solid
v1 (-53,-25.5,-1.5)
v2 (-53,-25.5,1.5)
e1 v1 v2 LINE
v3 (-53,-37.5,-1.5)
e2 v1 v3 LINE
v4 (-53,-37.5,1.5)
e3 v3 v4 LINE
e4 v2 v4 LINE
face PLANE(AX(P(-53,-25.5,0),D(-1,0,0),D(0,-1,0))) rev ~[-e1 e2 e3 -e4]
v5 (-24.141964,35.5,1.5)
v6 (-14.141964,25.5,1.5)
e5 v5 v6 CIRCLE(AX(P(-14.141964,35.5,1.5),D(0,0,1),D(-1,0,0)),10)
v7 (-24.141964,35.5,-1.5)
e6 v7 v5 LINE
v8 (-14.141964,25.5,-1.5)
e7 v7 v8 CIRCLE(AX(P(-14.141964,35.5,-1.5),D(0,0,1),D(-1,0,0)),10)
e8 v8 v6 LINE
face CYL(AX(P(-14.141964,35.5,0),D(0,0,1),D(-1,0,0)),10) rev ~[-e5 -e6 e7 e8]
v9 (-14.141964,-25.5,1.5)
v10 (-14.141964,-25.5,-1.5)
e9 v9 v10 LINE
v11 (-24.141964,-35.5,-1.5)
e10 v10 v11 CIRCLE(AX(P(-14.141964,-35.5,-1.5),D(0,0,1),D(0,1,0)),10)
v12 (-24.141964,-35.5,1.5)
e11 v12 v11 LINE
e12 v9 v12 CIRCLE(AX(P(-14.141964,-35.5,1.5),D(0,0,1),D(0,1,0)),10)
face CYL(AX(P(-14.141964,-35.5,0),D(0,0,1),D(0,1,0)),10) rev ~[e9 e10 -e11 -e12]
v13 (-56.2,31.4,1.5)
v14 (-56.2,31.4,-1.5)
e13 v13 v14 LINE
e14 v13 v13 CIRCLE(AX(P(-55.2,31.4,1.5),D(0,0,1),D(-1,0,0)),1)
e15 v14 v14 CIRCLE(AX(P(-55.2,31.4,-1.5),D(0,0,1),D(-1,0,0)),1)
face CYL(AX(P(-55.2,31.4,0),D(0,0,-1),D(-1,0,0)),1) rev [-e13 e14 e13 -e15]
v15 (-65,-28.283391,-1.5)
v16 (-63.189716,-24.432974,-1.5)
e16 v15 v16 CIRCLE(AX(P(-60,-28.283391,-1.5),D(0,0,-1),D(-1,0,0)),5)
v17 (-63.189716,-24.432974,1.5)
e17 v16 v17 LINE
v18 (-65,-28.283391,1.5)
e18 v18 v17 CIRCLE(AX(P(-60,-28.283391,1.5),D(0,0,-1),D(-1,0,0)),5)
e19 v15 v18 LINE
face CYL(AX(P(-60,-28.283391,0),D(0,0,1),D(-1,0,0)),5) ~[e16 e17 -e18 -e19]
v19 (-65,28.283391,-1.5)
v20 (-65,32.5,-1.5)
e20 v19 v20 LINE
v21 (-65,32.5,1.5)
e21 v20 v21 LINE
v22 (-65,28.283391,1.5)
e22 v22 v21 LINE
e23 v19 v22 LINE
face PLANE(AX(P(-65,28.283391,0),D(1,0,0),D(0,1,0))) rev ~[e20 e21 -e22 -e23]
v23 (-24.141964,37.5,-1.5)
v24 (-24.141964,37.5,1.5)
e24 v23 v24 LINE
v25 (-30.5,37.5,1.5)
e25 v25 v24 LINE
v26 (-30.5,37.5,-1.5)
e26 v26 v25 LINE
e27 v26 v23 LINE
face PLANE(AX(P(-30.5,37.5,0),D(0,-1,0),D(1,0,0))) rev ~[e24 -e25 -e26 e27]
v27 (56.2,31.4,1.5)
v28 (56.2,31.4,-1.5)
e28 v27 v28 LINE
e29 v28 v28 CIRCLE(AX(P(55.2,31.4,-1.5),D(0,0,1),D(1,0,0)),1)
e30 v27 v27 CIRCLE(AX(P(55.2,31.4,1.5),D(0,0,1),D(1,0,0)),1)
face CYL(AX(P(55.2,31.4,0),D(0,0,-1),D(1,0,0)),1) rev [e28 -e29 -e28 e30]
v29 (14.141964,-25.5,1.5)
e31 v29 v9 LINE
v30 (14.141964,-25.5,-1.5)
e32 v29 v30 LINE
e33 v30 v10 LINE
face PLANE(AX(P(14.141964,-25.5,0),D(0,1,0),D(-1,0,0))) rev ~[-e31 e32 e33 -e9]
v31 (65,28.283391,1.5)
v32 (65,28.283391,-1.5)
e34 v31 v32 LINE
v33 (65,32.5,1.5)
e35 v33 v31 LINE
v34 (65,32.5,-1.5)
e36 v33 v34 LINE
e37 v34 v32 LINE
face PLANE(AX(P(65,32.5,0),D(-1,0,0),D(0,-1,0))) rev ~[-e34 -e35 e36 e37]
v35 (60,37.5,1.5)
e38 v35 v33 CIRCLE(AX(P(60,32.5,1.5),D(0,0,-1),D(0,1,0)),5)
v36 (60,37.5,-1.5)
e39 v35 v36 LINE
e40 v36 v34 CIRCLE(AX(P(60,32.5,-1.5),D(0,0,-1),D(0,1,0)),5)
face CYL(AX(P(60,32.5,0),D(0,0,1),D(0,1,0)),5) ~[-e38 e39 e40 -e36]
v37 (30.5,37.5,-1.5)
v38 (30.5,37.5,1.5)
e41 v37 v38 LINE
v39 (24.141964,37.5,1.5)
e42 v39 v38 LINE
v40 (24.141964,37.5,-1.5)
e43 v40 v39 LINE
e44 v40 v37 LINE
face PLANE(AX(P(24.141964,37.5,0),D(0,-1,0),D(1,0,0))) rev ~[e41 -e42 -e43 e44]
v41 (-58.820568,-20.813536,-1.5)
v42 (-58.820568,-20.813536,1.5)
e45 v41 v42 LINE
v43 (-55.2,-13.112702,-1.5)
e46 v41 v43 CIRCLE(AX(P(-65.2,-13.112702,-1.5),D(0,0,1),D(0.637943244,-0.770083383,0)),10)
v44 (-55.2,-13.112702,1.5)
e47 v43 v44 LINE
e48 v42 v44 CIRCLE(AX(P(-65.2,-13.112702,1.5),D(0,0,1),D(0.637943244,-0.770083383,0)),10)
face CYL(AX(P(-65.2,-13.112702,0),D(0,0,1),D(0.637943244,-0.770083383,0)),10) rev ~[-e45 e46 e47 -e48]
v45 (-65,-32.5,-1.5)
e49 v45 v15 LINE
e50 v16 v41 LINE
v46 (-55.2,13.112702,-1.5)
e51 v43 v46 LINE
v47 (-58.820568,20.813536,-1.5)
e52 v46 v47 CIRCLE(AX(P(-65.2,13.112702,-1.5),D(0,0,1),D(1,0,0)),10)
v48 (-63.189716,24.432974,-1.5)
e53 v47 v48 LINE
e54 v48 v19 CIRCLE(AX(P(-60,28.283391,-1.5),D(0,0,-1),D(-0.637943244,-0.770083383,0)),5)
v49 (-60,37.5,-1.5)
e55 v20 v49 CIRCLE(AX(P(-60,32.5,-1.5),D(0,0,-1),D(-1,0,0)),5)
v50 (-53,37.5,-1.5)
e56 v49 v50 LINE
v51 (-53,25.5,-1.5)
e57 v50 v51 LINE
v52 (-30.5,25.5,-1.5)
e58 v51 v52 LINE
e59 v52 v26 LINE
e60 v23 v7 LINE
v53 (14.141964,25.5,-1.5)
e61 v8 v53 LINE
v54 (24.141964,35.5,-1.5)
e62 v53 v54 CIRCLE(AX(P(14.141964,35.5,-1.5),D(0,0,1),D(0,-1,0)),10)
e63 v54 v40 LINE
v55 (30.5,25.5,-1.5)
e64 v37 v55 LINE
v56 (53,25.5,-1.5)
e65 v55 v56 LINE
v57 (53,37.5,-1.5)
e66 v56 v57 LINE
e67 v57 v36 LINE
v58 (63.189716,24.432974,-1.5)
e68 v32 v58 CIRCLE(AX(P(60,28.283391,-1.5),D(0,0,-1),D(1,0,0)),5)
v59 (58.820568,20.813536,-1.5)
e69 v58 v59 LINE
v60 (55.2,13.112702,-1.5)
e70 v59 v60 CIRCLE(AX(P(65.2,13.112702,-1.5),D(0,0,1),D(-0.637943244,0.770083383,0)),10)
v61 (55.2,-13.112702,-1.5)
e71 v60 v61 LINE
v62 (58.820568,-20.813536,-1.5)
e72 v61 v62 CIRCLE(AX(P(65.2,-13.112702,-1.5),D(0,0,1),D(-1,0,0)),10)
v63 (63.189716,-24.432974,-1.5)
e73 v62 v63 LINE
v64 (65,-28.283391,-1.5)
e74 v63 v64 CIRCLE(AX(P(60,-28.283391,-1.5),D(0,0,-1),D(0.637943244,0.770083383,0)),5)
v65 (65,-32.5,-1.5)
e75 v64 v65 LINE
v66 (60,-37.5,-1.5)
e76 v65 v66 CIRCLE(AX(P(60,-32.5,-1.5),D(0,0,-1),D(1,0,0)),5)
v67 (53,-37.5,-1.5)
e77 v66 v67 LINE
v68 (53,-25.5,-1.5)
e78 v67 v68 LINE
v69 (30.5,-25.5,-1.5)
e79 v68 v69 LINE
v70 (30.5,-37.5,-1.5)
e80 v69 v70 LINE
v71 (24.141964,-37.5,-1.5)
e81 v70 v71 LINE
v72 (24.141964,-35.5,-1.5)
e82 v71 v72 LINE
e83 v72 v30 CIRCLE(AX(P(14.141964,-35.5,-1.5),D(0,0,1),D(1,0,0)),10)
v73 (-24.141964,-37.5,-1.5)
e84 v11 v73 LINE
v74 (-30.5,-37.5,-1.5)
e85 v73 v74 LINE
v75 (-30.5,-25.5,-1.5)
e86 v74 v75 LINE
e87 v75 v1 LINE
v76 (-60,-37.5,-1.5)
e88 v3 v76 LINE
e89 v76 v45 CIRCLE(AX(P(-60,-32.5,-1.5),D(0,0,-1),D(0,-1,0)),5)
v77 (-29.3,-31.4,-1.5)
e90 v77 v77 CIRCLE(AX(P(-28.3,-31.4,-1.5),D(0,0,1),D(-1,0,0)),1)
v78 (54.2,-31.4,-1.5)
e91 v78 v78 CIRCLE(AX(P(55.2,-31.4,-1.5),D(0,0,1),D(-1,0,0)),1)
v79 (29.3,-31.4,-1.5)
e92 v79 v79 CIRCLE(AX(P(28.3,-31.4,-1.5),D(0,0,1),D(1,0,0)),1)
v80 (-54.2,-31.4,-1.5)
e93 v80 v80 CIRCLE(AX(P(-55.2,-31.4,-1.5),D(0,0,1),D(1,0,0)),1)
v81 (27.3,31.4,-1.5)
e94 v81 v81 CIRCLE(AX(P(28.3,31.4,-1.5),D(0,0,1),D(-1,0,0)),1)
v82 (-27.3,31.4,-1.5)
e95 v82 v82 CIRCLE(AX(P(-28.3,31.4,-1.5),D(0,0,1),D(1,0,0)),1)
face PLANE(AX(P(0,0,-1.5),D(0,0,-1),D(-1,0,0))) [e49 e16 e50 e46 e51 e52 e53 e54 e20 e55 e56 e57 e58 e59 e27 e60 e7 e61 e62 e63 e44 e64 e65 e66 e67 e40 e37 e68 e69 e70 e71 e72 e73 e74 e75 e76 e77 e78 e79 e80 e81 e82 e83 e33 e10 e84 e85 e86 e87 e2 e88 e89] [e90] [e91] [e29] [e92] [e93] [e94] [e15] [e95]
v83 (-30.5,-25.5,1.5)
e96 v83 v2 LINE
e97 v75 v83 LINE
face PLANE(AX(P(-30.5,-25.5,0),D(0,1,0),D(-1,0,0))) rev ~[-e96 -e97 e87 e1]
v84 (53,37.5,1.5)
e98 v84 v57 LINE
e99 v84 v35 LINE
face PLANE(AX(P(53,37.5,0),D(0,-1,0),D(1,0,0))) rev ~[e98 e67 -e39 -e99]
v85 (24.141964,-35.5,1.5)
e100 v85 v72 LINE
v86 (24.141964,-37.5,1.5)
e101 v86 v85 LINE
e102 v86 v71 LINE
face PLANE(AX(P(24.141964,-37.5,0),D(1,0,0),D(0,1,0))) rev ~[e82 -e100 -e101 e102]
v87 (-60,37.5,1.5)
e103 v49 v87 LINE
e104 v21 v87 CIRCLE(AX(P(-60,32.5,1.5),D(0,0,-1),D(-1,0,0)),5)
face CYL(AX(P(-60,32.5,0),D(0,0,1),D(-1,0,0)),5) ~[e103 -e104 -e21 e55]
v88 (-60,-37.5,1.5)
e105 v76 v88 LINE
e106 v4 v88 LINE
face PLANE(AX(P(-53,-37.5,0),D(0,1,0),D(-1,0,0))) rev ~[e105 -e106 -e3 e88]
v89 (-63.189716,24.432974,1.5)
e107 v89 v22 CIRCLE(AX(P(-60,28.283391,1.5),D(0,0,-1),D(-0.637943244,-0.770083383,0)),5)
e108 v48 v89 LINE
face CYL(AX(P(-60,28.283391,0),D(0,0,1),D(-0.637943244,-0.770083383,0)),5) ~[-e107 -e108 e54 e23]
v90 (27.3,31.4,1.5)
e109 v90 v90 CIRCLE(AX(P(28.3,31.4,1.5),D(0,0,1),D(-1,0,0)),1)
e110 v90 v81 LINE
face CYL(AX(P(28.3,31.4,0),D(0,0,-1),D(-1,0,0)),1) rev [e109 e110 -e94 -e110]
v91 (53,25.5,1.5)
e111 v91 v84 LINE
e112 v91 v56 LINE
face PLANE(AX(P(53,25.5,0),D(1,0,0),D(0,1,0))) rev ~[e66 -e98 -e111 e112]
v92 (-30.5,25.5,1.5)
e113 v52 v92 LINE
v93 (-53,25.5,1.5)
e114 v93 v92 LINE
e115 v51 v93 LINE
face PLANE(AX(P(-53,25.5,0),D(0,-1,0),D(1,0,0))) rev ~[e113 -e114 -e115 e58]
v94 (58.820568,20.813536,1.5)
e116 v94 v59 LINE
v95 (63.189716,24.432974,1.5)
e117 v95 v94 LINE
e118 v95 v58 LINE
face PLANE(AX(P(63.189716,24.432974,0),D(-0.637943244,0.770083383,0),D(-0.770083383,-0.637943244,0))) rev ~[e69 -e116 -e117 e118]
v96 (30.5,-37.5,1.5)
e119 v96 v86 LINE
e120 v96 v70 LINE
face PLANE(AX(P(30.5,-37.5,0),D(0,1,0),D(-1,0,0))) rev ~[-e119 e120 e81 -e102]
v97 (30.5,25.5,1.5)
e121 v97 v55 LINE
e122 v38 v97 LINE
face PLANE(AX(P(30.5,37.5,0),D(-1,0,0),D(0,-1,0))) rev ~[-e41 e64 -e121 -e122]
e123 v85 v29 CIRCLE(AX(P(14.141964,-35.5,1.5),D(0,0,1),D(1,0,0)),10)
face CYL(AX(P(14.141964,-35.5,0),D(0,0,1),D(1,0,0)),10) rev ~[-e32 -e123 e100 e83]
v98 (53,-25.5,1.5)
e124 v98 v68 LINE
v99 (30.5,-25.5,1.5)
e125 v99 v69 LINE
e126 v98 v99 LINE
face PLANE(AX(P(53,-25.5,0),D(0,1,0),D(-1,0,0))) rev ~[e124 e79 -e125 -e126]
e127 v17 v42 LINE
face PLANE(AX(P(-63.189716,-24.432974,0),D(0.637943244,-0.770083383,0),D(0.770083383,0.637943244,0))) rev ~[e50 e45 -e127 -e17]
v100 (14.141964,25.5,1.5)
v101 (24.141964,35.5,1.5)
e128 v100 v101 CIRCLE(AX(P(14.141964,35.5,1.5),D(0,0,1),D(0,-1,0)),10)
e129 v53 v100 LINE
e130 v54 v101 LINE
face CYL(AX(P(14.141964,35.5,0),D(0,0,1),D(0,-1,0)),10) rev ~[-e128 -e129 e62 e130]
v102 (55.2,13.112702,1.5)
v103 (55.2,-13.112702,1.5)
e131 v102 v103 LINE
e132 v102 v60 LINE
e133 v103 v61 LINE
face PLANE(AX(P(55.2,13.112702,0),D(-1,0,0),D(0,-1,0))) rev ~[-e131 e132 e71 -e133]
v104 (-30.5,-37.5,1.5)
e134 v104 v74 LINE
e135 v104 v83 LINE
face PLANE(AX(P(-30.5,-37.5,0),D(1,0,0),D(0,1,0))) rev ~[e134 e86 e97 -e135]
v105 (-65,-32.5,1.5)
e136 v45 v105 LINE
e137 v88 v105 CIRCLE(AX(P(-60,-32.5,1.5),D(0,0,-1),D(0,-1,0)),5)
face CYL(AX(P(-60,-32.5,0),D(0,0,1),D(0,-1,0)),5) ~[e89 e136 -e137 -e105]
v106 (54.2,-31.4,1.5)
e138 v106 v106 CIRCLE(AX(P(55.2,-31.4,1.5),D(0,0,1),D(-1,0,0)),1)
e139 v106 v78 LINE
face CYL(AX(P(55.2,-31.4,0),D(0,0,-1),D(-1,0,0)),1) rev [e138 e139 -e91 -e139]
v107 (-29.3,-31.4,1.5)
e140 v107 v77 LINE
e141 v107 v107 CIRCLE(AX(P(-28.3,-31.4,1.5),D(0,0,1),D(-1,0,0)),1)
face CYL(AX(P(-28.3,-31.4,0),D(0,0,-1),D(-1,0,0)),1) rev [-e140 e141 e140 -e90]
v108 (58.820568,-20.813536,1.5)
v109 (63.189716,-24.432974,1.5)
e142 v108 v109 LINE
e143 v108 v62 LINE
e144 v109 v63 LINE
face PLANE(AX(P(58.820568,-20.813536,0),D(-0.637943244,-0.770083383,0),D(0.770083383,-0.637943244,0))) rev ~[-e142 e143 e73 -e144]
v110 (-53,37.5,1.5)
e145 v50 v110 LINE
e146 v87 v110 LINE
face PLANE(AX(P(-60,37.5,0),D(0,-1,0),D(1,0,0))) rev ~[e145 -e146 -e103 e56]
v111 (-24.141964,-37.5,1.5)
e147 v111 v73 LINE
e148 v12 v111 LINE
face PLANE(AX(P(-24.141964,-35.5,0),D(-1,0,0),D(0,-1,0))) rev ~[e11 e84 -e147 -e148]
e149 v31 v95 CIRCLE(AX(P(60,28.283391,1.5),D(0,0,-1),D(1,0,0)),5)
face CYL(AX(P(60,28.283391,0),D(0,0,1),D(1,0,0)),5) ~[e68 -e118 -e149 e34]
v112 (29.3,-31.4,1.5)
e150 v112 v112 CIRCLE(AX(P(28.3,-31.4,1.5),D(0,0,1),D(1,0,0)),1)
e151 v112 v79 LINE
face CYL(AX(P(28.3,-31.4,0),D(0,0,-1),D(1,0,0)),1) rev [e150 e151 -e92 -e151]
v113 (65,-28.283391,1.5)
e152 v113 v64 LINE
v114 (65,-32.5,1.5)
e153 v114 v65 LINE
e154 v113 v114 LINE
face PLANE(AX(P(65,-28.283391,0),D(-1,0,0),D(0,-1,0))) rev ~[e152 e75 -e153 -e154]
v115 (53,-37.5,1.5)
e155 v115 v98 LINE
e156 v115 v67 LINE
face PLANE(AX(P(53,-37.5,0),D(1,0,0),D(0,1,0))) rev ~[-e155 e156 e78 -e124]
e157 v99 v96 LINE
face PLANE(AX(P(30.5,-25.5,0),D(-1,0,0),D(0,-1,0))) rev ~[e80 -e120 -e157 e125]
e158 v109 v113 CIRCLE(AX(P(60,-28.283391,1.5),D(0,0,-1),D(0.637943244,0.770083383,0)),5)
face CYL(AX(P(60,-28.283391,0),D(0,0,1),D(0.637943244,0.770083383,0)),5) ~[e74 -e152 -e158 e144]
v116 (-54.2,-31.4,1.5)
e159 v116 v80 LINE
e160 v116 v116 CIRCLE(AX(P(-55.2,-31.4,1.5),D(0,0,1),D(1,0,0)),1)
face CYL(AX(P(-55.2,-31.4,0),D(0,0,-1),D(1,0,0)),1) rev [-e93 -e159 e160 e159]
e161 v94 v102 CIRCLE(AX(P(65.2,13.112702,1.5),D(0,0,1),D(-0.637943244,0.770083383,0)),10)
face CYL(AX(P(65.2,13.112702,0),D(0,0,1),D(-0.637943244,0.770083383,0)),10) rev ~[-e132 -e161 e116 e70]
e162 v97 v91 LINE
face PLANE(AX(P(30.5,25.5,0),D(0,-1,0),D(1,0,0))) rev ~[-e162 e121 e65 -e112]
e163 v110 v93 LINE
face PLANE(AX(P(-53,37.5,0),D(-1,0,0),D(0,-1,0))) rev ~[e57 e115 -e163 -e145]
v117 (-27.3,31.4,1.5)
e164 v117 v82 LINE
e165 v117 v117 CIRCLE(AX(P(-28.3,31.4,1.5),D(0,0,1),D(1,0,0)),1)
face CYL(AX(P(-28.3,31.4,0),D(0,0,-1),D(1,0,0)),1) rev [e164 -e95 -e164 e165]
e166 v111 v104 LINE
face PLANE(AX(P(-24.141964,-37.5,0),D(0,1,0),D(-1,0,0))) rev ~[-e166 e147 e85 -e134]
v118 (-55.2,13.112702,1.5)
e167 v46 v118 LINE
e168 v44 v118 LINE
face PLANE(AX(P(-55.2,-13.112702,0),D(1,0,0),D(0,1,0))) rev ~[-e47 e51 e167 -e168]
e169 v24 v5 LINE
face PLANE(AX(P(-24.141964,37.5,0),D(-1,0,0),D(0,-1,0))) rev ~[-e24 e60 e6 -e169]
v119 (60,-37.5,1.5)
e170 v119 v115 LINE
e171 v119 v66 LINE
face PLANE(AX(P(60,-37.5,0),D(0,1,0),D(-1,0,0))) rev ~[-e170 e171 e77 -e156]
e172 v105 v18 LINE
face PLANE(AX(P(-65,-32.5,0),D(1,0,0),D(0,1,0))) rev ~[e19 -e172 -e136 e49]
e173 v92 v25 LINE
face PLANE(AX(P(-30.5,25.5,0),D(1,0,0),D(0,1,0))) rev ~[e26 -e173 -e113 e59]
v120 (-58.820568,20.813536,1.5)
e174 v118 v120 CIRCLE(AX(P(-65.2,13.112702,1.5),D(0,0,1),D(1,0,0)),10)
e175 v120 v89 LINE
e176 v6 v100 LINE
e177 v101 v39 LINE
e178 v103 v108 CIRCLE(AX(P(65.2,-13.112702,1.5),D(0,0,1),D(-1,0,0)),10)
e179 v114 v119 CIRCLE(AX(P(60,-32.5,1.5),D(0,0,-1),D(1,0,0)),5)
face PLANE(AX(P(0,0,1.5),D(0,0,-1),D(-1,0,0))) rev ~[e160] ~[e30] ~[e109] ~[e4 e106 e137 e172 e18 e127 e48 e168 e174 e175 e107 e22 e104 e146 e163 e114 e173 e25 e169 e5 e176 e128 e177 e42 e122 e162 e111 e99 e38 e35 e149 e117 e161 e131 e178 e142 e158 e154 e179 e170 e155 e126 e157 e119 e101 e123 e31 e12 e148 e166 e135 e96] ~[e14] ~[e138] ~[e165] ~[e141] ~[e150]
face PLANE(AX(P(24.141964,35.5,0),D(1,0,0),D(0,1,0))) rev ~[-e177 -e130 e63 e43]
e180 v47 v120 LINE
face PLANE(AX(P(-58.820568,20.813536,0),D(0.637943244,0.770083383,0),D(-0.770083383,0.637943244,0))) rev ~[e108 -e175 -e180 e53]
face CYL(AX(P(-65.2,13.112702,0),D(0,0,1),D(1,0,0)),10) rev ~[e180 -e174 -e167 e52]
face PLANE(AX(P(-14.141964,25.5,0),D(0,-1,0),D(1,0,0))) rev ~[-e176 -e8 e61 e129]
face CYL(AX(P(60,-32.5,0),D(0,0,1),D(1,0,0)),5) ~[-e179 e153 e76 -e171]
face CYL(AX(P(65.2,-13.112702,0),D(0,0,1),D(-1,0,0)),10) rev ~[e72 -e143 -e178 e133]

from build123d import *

# Parameters (mm, degrees)
SKETCH1_R           = 1
BOSS_EXTRUDE1_DEPTH = 1.5


with BuildPart() as part:
    # Sketch1 → Boss-Extrude1 (new, symmetric)
    with BuildSketch(Plane.XY):
        with BuildLine():
            Line((30.5, 37.5), (30.5, 25.5))
            Line((30.5, 25.5), (53, 25.5))
            Line((53, 25.5), (53, 37.5))
            Line((53, 37.5), (60, 37.5))
            ThreePointArc((60, 37.5), (63.535533906, 36.035533906), (65, 32.5))
            Line((65, 32.5), (65, 28.283390528))
            ThreePointArc((65, 28.283390528), (64.524852545, 26.15601904), (63.189716221, 24.432973612))
            Line((63.189716221, 24.432973612), (58.820567558, 20.813535857))
            ThreePointArc((58.820567558, 20.813535857), (56.15029491, 17.367445), (55.2, 13.112702024))
            Line((55.2, 13.112702024), (55.2, -13.112702024))
            ThreePointArc((55.2, -13.112702024), (56.15029491, -17.367445), (58.820567558, -20.813535857))
            Line((58.820567558, -20.813535857), (63.189716221, -24.432973612))
            ThreePointArc((63.189716221, -24.432973612), (64.524852545, -26.15601904), (65, -28.283390528))
            Line((65, -28.283390528), (65, -32.5))
            ThreePointArc((65, -32.5), (63.535533906, -36.035533906), (60, -37.5))
            Line((60, -37.5), (53, -37.5))
            Line((53, -37.5), (53, -25.5))
            Line((53, -25.5), (30.5, -25.5))
            Line((30.5, -25.5), (30.5, -37.5))
            Line((30.5, -37.5), (24.141964056, -37.5))
            Line((24.141964056, -37.5), (24.141964056, -35.5))
            ThreePointArc((24.141964056, -35.5), (21.213031868, -28.428932188), (14.141964056, -25.5))
            Line((14.141964056, -25.5), (-14.141964056, -25.5))
            ThreePointArc((-14.141964056, -25.5), (-21.213031868, -28.428932188), (-24.141964056, -35.5))
            Line((-24.141964056, -35.5), (-24.141964056, -37.5))
            Line((-24.141964056, -37.5), (-30.5, -37.5))
            Line((-30.5, -37.5), (-30.5, -25.5))
            Line((-30.5, -25.5), (-53, -25.5))
            Line((-53, -25.5), (-53, -37.5))
            Line((-53, -37.5), (-60, -37.5))
            ThreePointArc((-60, -37.5), (-63.535533906, -36.035533906), (-65, -32.5))
            Line((-65, -32.5), (-65, -28.283390528))
            ThreePointArc((-65, -28.283390528), (-64.524852545, -26.15601904), (-63.189716221, -24.432973612))
            Line((-63.189716221, -24.432973612), (-58.820567558, -20.813535857))
            ThreePointArc((-58.820567558, -20.813535857), (-56.15029491, -17.367445), (-55.2, -13.112702024))
            Line((-55.2, -13.112702024), (-55.2, 13.112702024))
            ThreePointArc((-55.2, 13.112702024), (-56.15029491, 17.367445), (-58.820567558, 20.813535857))
            Line((-58.820567558, 20.813535857), (-63.189716221, 24.432973612))
            ThreePointArc((-63.189716221, 24.432973612), (-64.524852545, 26.15601904), (-65, 28.283390528))
            Line((-65, 28.283390528), (-65, 32.5))
            ThreePointArc((-65, 32.5), (-63.535533906, 36.035533906), (-60, 37.5))
            Line((-60, 37.5), (-53, 37.5))
            Line((-53, 37.5), (-53, 25.5))
            Line((-53, 25.5), (-30.5, 25.5))
            Line((-30.5, 25.5), (-30.5, 37.5))
            Line((-30.5, 37.5), (-24.141964056, 37.5))
            Line((-24.141964056, 37.5), (-24.141964056, 35.5))
            ThreePointArc((-24.141964056, 35.5), (-21.213031868, 28.428932188), (-14.141964056, 25.5))
            Line((-14.141964056, 25.5), (14.141964056, 25.5))
            ThreePointArc((14.141964056, 25.5), (21.213031868, 28.428932188), (24.141964056, 35.5))
            Line((24.141964056, 35.5), (24.141964056, 37.5))
            Line((24.141964056, 37.5), (30.5, 37.5))
        make_face()
        with Locations((55.2, 31.4)):
            Circle(SKETCH1_R, mode=Mode.SUBTRACT)
        with Locations(Location((28.3, 31.4, 0), (0, 0, 180))):
            Circle(SKETCH1_R, mode=Mode.SUBTRACT)
        with Locations((-28.3, 31.4)):
            Circle(SKETCH1_R, mode=Mode.SUBTRACT)
        with Locations(Location((-28.3, -31.4, 0), (0, 0, 180))):
            Circle(SKETCH1_R, mode=Mode.SUBTRACT)
        with Locations((28.3, -31.4)):
            Circle(SKETCH1_R, mode=Mode.SUBTRACT)
        with Locations(Location((55.2, -31.4, 0), (0, 0, 180))):
            Circle(SKETCH1_R, mode=Mode.SUBTRACT)
        with Locations(Location((-55.2, 31.4, 0), (0, 0, 180))):
            Circle(SKETCH1_R, mode=Mode.SUBTRACT)
        with Locations((-55.2, -31.4)):
            Circle(SKETCH1_R, mode=Mode.SUBTRACT)
    extrude(amount=BOSS_EXTRUDE1_DEPTH, both=True)


solid = part.part
